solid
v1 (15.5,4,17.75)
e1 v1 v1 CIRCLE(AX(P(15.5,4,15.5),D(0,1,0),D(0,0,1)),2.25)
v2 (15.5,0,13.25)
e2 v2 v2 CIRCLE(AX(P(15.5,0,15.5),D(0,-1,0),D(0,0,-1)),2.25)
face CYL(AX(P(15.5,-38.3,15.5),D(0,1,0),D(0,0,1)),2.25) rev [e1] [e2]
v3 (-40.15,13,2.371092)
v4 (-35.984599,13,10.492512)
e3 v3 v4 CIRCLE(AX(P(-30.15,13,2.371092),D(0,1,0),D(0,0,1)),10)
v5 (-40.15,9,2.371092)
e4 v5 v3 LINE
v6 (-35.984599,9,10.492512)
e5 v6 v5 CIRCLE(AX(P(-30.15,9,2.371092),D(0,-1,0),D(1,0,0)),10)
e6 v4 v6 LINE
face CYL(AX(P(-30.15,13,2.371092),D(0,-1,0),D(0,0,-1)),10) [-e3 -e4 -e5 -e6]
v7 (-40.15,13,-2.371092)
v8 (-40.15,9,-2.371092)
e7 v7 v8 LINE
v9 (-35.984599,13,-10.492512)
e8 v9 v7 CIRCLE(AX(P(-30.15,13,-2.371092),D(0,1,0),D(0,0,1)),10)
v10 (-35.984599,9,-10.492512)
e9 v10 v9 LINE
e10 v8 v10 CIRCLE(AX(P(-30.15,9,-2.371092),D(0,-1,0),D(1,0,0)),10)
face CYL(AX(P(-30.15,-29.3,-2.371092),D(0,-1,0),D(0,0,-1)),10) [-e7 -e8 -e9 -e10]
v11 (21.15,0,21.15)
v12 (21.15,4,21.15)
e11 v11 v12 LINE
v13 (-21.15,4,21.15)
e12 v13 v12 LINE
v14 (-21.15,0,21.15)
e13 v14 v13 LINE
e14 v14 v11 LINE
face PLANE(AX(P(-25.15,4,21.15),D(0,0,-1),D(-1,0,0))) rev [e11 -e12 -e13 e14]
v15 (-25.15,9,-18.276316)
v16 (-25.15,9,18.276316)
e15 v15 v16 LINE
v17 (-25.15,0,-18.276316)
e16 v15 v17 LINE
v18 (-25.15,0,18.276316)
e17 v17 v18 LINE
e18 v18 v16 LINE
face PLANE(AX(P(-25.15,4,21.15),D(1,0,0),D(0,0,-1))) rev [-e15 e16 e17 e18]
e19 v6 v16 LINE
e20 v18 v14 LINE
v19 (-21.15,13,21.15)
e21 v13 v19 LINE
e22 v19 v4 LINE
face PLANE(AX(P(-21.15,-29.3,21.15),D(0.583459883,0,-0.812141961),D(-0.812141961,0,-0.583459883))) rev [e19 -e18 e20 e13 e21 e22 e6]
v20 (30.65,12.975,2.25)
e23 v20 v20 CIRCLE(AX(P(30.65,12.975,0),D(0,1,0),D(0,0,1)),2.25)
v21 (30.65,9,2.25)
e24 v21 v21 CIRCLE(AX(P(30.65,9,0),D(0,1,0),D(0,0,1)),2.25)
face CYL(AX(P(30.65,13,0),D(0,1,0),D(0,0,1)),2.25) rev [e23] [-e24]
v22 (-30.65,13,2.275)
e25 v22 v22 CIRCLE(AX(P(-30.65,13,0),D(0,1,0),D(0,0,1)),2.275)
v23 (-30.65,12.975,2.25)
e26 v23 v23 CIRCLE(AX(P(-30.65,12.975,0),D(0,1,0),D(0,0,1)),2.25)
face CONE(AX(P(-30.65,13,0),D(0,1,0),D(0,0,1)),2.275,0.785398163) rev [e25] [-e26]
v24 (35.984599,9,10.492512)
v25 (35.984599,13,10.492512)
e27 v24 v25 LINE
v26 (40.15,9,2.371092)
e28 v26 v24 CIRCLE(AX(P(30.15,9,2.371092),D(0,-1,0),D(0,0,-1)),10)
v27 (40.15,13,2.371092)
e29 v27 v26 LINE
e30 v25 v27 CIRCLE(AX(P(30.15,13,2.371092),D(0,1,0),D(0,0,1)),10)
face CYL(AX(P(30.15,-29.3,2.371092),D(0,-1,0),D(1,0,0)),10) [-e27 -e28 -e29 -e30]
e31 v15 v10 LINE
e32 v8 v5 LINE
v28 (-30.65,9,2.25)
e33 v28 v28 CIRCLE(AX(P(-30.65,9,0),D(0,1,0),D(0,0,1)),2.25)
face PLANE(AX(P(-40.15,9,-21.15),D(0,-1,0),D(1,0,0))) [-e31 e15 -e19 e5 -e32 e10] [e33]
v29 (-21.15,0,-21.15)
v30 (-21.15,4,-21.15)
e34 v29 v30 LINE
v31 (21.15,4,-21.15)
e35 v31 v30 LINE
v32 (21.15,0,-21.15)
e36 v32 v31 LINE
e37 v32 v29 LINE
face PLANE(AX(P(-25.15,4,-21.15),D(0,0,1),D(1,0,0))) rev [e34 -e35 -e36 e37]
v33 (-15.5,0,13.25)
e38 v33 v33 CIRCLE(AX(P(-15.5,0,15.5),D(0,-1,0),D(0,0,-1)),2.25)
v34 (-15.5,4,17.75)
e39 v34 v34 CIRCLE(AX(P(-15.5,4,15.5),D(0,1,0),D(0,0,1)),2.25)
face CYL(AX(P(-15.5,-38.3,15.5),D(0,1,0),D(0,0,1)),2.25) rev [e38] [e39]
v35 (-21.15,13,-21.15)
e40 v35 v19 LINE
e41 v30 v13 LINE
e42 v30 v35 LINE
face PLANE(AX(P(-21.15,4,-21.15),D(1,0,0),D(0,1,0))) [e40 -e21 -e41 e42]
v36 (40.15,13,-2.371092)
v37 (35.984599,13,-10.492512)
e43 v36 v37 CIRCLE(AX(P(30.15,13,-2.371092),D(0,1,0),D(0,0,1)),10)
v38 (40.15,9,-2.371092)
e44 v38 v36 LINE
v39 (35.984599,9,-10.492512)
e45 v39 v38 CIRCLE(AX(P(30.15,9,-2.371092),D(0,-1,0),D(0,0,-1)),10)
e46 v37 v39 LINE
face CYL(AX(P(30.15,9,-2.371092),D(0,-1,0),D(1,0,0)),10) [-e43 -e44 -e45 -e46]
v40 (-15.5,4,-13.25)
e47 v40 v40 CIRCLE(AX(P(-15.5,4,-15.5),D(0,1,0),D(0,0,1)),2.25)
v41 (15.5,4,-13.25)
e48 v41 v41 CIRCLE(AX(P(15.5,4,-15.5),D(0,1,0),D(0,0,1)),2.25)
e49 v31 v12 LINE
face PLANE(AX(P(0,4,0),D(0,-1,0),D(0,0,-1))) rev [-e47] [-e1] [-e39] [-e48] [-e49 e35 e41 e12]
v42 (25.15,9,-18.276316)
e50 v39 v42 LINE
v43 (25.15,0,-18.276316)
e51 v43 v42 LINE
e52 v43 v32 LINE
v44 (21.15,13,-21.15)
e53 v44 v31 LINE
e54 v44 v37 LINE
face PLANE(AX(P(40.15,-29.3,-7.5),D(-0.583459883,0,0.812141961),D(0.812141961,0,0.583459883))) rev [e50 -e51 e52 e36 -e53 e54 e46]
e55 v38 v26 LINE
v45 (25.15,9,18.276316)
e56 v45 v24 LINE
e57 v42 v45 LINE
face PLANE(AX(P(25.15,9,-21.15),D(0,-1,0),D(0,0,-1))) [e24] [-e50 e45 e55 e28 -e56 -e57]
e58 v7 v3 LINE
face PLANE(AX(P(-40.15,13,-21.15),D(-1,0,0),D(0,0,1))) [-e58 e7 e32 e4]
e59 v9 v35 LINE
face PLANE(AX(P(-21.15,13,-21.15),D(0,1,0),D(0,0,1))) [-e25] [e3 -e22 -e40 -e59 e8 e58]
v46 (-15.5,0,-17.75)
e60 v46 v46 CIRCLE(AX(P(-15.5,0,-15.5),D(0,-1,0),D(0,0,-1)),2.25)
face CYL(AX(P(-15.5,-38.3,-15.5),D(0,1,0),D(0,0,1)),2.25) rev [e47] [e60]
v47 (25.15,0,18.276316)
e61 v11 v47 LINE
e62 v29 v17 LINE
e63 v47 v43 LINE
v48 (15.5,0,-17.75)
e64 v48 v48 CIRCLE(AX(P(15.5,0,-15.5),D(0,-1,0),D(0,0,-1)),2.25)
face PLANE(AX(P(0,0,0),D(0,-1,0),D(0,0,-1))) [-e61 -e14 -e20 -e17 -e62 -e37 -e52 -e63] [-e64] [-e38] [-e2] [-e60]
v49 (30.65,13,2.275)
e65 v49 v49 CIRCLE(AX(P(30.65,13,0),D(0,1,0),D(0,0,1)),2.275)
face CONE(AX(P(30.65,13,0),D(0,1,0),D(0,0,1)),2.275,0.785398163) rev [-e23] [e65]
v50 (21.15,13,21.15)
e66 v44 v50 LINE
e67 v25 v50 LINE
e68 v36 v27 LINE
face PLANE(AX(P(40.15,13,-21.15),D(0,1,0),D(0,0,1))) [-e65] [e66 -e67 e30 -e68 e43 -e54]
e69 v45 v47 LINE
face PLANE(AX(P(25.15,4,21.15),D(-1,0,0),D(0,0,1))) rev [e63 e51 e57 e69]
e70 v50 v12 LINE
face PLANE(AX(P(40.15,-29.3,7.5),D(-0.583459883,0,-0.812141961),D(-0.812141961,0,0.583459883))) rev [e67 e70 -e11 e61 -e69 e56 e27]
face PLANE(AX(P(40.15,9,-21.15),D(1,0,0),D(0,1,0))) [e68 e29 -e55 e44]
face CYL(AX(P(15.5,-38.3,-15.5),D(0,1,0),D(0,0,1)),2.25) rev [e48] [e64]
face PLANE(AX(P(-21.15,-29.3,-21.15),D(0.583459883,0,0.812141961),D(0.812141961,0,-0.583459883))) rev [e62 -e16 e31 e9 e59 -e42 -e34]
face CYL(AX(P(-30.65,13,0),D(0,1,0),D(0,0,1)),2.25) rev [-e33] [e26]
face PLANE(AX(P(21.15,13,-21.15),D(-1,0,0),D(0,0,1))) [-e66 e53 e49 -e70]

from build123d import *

# Parameters (mm, degrees)
SCHIZZO1_W                     = 50.3
SCHIZZO1_H                     = 42.3
ESTRUSIONE_ESTRUSIONE1_DEPTH   = 4
ESTRUSIONE_ESTRUSIONE2_DEPTH   = 42.3
SCHIZZO4_R                     = 2.25
TAGLIO_ESTRUSIONE1_DEPTH       = 42.3
FORO_PER_VITE_M4_1_D           = 4.5
FORO_PER_VITE_M4_1_DEPTH       = 4
FORO_PER_VITE_M4_1_CSINK_D     = 4.55
FORO_PER_VITE_M4_1_CSINK_ANGLE = 90
FORO_PER_VITE_M4_1_TIP         = 1.351936393
TAGLIO_ESTRUSIONE2_DEPTH       = 42.3
RACCORDO1_R                    = 10


with BuildPart() as part:
    # Schizzo1 → Estrusione-Estrusione1 (new body)
    with BuildSketch(Plane(origin=(0, 0, 0), x_dir=(1, 0, 0), z_dir=(0, 1, 0))):
        Rectangle(SCHIZZO1_W, SCHIZZO1_H)
    extrude(amount=ESTRUSIONE_ESTRUSIONE1_DEPTH)

    # Schizzo3 → Estrusione-Estrusione2 (add)
    with BuildSketch(Plane.XY.offset(21.15)):
        Polygon((-21.15, 4), (-21.15, 13), (-40.15, 13), (-40.15, 9), (-25.15, 9), (-25.15, 4), align=None)
        Polygon((25.15, 4), (25.15, 9), (40.15, 9), (40.15, 13), (21.15, 13), (21.15, 4), align=None)
    extrude(amount=-ESTRUSIONE_ESTRUSIONE2_DEPTH)

    # Schizzo4 → Taglio-Estrusione1 (cut)
    with BuildSketch(Plane(origin=(0, 4, 0), x_dir=(1, 0, 0), z_dir=(0, 1, 0))):
        with Locations(Location((-15.5, 15.5, 0), (0, 0, 270))):
            Circle(SCHIZZO4_R)
        with Locations(Location((15.5, 15.5, 0), (0, 0, 270))):
            Circle(SCHIZZO4_R)
        with Locations(Location((15.5, -15.5, 0), (0, 0, 270))):
            Circle(SCHIZZO4_R)
        with Locations(Location((-15.5, -15.5, 0), (0, 0, 270))):
            Circle(SCHIZZO4_R)
    extrude(amount=-TAGLIO_ESTRUSIONE1_DEPTH, mode=Mode.SUBTRACT)

    # Foro per Vite M4-1
    with Locations(Plane(origin=(0, 13, 0), x_dir=(1, 0, 0), z_dir=(0, 1, 0))):
        with Locations((-30.65, 0), (30.65, 0)):
            CounterSinkHole(FORO_PER_VITE_M4_1_D / 2, FORO_PER_VITE_M4_1_CSINK_D / 2, depth=FORO_PER_VITE_M4_1_DEPTH, counter_sink_angle=FORO_PER_VITE_M4_1_CSINK_ANGLE)
            with Locations((0, 0, -(FORO_PER_VITE_M4_1_DEPTH + FORO_PER_VITE_M4_1_TIP / 2))):  # 118° drill point
                Cone(0, FORO_PER_VITE_M4_1_D / 2, FORO_PER_VITE_M4_1_TIP, mode=Mode.SUBTRACT)

    # Schizzo7 → Taglio-Estrusione2 (cut)
    with BuildSketch(Plane(origin=(0, 13, 0), x_dir=(1, 0, 0), z_dir=(0, 1, 0))):
        Polygon((-21.15, -21.15), (-40.15, -7.5), (-40.15, -21.15), align=None)
        Polygon((-21.15, 21.15), (-40.15, 7.5), (-40.15, 21.15), align=None)
        Polygon((21.15, 21.15), (40.15, 21.15), (40.15, 7.5), align=None)
        Polygon((21.15, -21.15), (40.15, -21.15), (40.15, -7.5), align=None)
    extrude(amount=-TAGLIO_ESTRUSIONE2_DEPTH, mode=Mode.SUBTRACT)

    # Raccordo1
    raccordo1_edges = [part.edges().sort_by_distance(p)[0] for p in [
        (40.15, 11, 7.5),
        (40.15, 11, -7.5),
        (-40.15, 11, -7.5),
        (-40.15, 11, 7.5),
    ]]
    fillet(raccordo1_edges, radius=RACCORDO1_R)


solid = part.part
